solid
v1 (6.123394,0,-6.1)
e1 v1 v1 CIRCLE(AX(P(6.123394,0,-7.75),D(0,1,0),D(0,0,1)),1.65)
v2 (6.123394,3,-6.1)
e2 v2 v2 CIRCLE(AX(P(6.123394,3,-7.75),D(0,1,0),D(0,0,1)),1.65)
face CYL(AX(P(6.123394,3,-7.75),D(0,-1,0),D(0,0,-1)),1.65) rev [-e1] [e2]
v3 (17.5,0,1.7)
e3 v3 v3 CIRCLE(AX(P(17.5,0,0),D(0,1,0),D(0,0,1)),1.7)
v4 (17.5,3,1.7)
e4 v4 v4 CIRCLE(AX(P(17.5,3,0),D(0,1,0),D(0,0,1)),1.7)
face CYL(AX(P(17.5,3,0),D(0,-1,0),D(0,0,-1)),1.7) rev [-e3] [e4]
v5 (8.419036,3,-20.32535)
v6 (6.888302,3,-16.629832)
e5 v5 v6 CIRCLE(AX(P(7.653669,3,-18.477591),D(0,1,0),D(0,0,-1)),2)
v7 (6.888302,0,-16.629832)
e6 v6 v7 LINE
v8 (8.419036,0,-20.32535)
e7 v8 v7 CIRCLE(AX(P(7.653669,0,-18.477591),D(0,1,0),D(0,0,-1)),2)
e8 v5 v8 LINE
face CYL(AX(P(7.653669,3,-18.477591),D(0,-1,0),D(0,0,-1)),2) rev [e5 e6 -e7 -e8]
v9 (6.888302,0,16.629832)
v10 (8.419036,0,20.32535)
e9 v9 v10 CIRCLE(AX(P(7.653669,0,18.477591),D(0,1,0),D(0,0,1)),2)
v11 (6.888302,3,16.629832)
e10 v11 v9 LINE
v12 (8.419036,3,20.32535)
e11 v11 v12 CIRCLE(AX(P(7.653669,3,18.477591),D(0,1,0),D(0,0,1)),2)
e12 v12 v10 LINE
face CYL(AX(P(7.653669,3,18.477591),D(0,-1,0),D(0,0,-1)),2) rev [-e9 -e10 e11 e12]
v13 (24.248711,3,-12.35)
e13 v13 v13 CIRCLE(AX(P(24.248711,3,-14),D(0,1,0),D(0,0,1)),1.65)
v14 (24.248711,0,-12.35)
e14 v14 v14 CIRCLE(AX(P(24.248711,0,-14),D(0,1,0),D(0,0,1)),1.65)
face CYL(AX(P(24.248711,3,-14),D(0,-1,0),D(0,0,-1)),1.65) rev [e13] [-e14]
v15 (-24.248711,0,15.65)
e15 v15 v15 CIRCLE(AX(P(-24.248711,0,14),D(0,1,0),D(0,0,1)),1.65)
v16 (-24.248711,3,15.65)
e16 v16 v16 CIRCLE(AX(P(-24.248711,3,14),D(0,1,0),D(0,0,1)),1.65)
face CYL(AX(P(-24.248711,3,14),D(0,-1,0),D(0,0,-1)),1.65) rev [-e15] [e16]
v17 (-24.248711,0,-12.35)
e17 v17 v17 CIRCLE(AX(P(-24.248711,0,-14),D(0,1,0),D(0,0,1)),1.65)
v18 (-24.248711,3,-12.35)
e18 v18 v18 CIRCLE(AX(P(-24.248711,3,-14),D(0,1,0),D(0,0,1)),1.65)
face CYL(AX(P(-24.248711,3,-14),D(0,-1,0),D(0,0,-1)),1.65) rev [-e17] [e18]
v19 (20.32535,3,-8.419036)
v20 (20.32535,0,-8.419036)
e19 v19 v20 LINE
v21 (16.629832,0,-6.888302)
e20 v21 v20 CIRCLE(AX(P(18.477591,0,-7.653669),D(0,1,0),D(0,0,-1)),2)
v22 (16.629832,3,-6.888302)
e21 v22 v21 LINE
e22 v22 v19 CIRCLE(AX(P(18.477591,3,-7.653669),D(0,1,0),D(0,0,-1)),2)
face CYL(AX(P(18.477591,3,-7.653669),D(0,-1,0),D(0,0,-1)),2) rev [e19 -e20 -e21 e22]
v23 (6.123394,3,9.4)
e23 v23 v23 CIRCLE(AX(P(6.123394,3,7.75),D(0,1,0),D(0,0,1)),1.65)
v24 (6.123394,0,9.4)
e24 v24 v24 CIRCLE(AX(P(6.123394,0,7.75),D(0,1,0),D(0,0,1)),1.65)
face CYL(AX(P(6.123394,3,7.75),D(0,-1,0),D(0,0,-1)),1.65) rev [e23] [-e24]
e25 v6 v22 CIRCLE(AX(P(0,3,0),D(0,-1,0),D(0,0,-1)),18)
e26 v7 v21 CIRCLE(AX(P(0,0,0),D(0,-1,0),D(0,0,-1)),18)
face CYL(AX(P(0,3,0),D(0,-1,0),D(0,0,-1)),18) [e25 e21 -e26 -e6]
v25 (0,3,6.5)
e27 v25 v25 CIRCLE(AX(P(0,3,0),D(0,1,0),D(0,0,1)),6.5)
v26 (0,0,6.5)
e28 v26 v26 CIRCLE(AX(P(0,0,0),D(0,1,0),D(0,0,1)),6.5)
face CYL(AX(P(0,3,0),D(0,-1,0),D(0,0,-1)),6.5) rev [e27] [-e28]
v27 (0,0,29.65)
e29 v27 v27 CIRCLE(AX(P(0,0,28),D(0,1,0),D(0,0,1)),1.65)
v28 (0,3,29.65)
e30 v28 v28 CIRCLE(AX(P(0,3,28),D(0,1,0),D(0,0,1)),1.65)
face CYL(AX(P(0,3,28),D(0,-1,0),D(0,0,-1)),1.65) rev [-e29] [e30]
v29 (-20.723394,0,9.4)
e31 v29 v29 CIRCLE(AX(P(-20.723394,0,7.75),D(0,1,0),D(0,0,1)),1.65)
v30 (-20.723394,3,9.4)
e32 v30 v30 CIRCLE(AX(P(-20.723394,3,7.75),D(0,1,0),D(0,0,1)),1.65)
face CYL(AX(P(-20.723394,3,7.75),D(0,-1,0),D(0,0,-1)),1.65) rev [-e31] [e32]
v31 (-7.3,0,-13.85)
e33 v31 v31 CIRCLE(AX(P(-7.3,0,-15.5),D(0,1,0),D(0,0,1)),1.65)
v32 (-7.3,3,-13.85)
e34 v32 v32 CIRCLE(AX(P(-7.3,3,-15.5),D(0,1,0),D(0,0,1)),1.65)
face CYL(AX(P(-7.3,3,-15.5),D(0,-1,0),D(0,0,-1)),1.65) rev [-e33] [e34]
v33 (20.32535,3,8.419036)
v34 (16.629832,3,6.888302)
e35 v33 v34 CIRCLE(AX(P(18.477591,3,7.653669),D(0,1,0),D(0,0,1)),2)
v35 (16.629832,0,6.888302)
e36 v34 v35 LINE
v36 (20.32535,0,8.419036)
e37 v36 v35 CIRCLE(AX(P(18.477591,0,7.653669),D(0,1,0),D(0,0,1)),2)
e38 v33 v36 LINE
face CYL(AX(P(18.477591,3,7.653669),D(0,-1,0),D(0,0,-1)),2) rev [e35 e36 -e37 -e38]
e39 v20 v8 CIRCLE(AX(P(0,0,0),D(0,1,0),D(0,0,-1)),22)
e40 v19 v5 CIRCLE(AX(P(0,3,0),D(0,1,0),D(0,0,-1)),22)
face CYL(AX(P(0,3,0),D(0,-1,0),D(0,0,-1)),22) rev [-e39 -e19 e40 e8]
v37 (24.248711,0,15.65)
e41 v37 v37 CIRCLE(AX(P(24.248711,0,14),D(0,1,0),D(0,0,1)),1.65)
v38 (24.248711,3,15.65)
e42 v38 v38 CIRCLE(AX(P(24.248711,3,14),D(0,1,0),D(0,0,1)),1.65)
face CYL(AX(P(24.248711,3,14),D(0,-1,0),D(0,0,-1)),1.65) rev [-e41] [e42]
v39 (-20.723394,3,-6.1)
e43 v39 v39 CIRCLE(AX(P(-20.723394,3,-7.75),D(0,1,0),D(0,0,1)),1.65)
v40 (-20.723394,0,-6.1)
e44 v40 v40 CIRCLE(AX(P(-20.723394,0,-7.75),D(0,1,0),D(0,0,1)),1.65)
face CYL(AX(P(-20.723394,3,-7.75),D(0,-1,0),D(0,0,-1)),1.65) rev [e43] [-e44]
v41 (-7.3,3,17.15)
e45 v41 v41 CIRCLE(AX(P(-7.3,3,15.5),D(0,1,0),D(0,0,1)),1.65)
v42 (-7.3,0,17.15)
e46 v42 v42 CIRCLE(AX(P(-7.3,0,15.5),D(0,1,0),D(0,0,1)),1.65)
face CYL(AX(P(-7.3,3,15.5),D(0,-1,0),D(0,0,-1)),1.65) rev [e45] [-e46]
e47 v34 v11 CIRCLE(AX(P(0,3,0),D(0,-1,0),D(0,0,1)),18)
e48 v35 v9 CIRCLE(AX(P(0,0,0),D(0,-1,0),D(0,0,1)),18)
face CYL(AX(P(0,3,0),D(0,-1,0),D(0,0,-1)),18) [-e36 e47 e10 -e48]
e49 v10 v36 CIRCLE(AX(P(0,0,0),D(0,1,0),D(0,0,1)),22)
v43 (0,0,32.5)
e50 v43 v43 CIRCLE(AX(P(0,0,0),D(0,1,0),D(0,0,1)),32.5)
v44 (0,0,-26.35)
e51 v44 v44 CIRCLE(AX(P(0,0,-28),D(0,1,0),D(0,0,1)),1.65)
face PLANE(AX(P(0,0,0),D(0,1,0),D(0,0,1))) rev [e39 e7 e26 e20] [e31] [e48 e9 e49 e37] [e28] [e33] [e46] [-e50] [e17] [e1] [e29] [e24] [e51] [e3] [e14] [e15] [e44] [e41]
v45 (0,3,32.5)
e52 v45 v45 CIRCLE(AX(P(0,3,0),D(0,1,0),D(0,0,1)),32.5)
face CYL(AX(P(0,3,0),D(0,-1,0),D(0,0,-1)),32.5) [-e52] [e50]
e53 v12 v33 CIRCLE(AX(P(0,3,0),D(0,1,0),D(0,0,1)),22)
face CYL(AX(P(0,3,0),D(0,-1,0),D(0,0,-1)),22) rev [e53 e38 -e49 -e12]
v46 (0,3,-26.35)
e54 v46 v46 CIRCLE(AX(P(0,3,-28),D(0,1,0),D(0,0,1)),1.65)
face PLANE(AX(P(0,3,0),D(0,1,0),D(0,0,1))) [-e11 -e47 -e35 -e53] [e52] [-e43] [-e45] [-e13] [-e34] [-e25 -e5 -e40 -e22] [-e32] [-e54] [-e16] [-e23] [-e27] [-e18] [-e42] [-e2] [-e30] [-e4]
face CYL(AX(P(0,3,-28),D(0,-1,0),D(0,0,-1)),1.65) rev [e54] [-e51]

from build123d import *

# Parameters (mm, degrees)
SKETCH_1_R      = 32.5
SKETCH_1_R_2    = 6.5
SKETCH_1_R_3    = 1.65
SKETCH_1_R_4    = 1.7
EXTRUDE_1_DEPTH = 3


with BuildPart() as part:
    # 草图1 → 凸台-拉伸1 (new body)
    with BuildSketch(Plane(origin=(0, 0, 0), x_dir=(1, 0, 0), z_dir=(0, 1, 0))):
        with Locations(Location((0, 0, 0), (0, 0, 270))):
            Circle(SKETCH_1_R)
        with Locations(Location((0, 0, 0), (0, 0, 270))):
            Circle(SKETCH_1_R_2, mode=Mode.SUBTRACT)
        with Locations(Location((-7.3, 15.5, 0), (0, 0, 270))):
            Circle(SKETCH_1_R_3, mode=Mode.SUBTRACT)
        with Locations(Location((6.123393759, 7.75, 0), (0, 0, 270))):
            Circle(SKETCH_1_R_3, mode=Mode.SUBTRACT)
        with Locations(Location((6.123393759, -7.75, 0), (0, 0, 270))):
            Circle(SKETCH_1_R_3, mode=Mode.SUBTRACT)
        with Locations(Location((-7.3, -15.5, 0), (0, 0, 270))):
            Circle(SKETCH_1_R_3, mode=Mode.SUBTRACT)
        with Locations(Location((-20.723393759, -7.75, 0), (0, 0, 270))):
            Circle(SKETCH_1_R_3, mode=Mode.SUBTRACT)
        with Locations(Location((-20.723393759, 7.75, 0), (0, 0, 270))):
            Circle(SKETCH_1_R_3, mode=Mode.SUBTRACT)
        with Locations(Location((17.5, 0, 0), (0, 0, 270))):
            Circle(SKETCH_1_R_4, mode=Mode.SUBTRACT)
        with Locations(Location((0, 28, 0), (0, 0, 270))):
            Circle(SKETCH_1_R_3, mode=Mode.SUBTRACT)
        with Locations(Location((24.248711306, 14, 0), (0, 0, 270))):
            Circle(SKETCH_1_R_3, mode=Mode.SUBTRACT)
        with Locations(Location((24.248711306, -14, 0), (0, 0, 270))):
            Circle(SKETCH_1_R_3, mode=Mode.SUBTRACT)
        with Locations(Location((0, -28, 0), (0, 0, 270))):
            Circle(SKETCH_1_R_3, mode=Mode.SUBTRACT)
        with Locations(Location((-24.248711306, -14, 0), (0, 0, 270))):
            Circle(SKETCH_1_R_3, mode=Mode.SUBTRACT)
        with Locations(Location((-24.248711306, 14, 0), (0, 0, 270))):
            Circle(SKETCH_1_R_3, mode=Mode.SUBTRACT)
        with BuildLine():
            ThreePointArc((8.419035512, -20.325349715), (15.556349186, -15.556349186), (20.325349715, -8.419035512))
            ThreePointArc((20.325349715, -8.419035512), (19.242957515, -5.805909582), (16.629831585, -6.888301783))
            ThreePointArc((16.629831585, -6.888301783), (12.727922061, -12.727922061), (6.888301783, -16.629831585))
            ThreePointArc((6.888301783, -16.629831585), (5.805909582, -19.242957515), (8.419035512, -20.325349715))
        make_face(mode=Mode.SUBTRACT)
        with BuildLine():
            ThreePointArc((8.419035512, 20.325349715), (15.556349186, 15.556349186), (20.325349715, 8.419035512))
            ThreePointArc((20.325349715, 8.419035512), (19.242957515, 5.805909582), (16.629831585, 6.888301783))
            ThreePointArc((16.629831585, 6.888301783), (12.727922061, 12.727922061), (6.888301783, 16.629831585))
            ThreePointArc((6.888301783, 16.629831585), (5.805909582, 19.242957515), (8.419035512, 20.325349715))
        make_face(mode=Mode.SUBTRACT)
    extrude(amount=EXTRUDE_1_DEPTH)


solid = part.part
